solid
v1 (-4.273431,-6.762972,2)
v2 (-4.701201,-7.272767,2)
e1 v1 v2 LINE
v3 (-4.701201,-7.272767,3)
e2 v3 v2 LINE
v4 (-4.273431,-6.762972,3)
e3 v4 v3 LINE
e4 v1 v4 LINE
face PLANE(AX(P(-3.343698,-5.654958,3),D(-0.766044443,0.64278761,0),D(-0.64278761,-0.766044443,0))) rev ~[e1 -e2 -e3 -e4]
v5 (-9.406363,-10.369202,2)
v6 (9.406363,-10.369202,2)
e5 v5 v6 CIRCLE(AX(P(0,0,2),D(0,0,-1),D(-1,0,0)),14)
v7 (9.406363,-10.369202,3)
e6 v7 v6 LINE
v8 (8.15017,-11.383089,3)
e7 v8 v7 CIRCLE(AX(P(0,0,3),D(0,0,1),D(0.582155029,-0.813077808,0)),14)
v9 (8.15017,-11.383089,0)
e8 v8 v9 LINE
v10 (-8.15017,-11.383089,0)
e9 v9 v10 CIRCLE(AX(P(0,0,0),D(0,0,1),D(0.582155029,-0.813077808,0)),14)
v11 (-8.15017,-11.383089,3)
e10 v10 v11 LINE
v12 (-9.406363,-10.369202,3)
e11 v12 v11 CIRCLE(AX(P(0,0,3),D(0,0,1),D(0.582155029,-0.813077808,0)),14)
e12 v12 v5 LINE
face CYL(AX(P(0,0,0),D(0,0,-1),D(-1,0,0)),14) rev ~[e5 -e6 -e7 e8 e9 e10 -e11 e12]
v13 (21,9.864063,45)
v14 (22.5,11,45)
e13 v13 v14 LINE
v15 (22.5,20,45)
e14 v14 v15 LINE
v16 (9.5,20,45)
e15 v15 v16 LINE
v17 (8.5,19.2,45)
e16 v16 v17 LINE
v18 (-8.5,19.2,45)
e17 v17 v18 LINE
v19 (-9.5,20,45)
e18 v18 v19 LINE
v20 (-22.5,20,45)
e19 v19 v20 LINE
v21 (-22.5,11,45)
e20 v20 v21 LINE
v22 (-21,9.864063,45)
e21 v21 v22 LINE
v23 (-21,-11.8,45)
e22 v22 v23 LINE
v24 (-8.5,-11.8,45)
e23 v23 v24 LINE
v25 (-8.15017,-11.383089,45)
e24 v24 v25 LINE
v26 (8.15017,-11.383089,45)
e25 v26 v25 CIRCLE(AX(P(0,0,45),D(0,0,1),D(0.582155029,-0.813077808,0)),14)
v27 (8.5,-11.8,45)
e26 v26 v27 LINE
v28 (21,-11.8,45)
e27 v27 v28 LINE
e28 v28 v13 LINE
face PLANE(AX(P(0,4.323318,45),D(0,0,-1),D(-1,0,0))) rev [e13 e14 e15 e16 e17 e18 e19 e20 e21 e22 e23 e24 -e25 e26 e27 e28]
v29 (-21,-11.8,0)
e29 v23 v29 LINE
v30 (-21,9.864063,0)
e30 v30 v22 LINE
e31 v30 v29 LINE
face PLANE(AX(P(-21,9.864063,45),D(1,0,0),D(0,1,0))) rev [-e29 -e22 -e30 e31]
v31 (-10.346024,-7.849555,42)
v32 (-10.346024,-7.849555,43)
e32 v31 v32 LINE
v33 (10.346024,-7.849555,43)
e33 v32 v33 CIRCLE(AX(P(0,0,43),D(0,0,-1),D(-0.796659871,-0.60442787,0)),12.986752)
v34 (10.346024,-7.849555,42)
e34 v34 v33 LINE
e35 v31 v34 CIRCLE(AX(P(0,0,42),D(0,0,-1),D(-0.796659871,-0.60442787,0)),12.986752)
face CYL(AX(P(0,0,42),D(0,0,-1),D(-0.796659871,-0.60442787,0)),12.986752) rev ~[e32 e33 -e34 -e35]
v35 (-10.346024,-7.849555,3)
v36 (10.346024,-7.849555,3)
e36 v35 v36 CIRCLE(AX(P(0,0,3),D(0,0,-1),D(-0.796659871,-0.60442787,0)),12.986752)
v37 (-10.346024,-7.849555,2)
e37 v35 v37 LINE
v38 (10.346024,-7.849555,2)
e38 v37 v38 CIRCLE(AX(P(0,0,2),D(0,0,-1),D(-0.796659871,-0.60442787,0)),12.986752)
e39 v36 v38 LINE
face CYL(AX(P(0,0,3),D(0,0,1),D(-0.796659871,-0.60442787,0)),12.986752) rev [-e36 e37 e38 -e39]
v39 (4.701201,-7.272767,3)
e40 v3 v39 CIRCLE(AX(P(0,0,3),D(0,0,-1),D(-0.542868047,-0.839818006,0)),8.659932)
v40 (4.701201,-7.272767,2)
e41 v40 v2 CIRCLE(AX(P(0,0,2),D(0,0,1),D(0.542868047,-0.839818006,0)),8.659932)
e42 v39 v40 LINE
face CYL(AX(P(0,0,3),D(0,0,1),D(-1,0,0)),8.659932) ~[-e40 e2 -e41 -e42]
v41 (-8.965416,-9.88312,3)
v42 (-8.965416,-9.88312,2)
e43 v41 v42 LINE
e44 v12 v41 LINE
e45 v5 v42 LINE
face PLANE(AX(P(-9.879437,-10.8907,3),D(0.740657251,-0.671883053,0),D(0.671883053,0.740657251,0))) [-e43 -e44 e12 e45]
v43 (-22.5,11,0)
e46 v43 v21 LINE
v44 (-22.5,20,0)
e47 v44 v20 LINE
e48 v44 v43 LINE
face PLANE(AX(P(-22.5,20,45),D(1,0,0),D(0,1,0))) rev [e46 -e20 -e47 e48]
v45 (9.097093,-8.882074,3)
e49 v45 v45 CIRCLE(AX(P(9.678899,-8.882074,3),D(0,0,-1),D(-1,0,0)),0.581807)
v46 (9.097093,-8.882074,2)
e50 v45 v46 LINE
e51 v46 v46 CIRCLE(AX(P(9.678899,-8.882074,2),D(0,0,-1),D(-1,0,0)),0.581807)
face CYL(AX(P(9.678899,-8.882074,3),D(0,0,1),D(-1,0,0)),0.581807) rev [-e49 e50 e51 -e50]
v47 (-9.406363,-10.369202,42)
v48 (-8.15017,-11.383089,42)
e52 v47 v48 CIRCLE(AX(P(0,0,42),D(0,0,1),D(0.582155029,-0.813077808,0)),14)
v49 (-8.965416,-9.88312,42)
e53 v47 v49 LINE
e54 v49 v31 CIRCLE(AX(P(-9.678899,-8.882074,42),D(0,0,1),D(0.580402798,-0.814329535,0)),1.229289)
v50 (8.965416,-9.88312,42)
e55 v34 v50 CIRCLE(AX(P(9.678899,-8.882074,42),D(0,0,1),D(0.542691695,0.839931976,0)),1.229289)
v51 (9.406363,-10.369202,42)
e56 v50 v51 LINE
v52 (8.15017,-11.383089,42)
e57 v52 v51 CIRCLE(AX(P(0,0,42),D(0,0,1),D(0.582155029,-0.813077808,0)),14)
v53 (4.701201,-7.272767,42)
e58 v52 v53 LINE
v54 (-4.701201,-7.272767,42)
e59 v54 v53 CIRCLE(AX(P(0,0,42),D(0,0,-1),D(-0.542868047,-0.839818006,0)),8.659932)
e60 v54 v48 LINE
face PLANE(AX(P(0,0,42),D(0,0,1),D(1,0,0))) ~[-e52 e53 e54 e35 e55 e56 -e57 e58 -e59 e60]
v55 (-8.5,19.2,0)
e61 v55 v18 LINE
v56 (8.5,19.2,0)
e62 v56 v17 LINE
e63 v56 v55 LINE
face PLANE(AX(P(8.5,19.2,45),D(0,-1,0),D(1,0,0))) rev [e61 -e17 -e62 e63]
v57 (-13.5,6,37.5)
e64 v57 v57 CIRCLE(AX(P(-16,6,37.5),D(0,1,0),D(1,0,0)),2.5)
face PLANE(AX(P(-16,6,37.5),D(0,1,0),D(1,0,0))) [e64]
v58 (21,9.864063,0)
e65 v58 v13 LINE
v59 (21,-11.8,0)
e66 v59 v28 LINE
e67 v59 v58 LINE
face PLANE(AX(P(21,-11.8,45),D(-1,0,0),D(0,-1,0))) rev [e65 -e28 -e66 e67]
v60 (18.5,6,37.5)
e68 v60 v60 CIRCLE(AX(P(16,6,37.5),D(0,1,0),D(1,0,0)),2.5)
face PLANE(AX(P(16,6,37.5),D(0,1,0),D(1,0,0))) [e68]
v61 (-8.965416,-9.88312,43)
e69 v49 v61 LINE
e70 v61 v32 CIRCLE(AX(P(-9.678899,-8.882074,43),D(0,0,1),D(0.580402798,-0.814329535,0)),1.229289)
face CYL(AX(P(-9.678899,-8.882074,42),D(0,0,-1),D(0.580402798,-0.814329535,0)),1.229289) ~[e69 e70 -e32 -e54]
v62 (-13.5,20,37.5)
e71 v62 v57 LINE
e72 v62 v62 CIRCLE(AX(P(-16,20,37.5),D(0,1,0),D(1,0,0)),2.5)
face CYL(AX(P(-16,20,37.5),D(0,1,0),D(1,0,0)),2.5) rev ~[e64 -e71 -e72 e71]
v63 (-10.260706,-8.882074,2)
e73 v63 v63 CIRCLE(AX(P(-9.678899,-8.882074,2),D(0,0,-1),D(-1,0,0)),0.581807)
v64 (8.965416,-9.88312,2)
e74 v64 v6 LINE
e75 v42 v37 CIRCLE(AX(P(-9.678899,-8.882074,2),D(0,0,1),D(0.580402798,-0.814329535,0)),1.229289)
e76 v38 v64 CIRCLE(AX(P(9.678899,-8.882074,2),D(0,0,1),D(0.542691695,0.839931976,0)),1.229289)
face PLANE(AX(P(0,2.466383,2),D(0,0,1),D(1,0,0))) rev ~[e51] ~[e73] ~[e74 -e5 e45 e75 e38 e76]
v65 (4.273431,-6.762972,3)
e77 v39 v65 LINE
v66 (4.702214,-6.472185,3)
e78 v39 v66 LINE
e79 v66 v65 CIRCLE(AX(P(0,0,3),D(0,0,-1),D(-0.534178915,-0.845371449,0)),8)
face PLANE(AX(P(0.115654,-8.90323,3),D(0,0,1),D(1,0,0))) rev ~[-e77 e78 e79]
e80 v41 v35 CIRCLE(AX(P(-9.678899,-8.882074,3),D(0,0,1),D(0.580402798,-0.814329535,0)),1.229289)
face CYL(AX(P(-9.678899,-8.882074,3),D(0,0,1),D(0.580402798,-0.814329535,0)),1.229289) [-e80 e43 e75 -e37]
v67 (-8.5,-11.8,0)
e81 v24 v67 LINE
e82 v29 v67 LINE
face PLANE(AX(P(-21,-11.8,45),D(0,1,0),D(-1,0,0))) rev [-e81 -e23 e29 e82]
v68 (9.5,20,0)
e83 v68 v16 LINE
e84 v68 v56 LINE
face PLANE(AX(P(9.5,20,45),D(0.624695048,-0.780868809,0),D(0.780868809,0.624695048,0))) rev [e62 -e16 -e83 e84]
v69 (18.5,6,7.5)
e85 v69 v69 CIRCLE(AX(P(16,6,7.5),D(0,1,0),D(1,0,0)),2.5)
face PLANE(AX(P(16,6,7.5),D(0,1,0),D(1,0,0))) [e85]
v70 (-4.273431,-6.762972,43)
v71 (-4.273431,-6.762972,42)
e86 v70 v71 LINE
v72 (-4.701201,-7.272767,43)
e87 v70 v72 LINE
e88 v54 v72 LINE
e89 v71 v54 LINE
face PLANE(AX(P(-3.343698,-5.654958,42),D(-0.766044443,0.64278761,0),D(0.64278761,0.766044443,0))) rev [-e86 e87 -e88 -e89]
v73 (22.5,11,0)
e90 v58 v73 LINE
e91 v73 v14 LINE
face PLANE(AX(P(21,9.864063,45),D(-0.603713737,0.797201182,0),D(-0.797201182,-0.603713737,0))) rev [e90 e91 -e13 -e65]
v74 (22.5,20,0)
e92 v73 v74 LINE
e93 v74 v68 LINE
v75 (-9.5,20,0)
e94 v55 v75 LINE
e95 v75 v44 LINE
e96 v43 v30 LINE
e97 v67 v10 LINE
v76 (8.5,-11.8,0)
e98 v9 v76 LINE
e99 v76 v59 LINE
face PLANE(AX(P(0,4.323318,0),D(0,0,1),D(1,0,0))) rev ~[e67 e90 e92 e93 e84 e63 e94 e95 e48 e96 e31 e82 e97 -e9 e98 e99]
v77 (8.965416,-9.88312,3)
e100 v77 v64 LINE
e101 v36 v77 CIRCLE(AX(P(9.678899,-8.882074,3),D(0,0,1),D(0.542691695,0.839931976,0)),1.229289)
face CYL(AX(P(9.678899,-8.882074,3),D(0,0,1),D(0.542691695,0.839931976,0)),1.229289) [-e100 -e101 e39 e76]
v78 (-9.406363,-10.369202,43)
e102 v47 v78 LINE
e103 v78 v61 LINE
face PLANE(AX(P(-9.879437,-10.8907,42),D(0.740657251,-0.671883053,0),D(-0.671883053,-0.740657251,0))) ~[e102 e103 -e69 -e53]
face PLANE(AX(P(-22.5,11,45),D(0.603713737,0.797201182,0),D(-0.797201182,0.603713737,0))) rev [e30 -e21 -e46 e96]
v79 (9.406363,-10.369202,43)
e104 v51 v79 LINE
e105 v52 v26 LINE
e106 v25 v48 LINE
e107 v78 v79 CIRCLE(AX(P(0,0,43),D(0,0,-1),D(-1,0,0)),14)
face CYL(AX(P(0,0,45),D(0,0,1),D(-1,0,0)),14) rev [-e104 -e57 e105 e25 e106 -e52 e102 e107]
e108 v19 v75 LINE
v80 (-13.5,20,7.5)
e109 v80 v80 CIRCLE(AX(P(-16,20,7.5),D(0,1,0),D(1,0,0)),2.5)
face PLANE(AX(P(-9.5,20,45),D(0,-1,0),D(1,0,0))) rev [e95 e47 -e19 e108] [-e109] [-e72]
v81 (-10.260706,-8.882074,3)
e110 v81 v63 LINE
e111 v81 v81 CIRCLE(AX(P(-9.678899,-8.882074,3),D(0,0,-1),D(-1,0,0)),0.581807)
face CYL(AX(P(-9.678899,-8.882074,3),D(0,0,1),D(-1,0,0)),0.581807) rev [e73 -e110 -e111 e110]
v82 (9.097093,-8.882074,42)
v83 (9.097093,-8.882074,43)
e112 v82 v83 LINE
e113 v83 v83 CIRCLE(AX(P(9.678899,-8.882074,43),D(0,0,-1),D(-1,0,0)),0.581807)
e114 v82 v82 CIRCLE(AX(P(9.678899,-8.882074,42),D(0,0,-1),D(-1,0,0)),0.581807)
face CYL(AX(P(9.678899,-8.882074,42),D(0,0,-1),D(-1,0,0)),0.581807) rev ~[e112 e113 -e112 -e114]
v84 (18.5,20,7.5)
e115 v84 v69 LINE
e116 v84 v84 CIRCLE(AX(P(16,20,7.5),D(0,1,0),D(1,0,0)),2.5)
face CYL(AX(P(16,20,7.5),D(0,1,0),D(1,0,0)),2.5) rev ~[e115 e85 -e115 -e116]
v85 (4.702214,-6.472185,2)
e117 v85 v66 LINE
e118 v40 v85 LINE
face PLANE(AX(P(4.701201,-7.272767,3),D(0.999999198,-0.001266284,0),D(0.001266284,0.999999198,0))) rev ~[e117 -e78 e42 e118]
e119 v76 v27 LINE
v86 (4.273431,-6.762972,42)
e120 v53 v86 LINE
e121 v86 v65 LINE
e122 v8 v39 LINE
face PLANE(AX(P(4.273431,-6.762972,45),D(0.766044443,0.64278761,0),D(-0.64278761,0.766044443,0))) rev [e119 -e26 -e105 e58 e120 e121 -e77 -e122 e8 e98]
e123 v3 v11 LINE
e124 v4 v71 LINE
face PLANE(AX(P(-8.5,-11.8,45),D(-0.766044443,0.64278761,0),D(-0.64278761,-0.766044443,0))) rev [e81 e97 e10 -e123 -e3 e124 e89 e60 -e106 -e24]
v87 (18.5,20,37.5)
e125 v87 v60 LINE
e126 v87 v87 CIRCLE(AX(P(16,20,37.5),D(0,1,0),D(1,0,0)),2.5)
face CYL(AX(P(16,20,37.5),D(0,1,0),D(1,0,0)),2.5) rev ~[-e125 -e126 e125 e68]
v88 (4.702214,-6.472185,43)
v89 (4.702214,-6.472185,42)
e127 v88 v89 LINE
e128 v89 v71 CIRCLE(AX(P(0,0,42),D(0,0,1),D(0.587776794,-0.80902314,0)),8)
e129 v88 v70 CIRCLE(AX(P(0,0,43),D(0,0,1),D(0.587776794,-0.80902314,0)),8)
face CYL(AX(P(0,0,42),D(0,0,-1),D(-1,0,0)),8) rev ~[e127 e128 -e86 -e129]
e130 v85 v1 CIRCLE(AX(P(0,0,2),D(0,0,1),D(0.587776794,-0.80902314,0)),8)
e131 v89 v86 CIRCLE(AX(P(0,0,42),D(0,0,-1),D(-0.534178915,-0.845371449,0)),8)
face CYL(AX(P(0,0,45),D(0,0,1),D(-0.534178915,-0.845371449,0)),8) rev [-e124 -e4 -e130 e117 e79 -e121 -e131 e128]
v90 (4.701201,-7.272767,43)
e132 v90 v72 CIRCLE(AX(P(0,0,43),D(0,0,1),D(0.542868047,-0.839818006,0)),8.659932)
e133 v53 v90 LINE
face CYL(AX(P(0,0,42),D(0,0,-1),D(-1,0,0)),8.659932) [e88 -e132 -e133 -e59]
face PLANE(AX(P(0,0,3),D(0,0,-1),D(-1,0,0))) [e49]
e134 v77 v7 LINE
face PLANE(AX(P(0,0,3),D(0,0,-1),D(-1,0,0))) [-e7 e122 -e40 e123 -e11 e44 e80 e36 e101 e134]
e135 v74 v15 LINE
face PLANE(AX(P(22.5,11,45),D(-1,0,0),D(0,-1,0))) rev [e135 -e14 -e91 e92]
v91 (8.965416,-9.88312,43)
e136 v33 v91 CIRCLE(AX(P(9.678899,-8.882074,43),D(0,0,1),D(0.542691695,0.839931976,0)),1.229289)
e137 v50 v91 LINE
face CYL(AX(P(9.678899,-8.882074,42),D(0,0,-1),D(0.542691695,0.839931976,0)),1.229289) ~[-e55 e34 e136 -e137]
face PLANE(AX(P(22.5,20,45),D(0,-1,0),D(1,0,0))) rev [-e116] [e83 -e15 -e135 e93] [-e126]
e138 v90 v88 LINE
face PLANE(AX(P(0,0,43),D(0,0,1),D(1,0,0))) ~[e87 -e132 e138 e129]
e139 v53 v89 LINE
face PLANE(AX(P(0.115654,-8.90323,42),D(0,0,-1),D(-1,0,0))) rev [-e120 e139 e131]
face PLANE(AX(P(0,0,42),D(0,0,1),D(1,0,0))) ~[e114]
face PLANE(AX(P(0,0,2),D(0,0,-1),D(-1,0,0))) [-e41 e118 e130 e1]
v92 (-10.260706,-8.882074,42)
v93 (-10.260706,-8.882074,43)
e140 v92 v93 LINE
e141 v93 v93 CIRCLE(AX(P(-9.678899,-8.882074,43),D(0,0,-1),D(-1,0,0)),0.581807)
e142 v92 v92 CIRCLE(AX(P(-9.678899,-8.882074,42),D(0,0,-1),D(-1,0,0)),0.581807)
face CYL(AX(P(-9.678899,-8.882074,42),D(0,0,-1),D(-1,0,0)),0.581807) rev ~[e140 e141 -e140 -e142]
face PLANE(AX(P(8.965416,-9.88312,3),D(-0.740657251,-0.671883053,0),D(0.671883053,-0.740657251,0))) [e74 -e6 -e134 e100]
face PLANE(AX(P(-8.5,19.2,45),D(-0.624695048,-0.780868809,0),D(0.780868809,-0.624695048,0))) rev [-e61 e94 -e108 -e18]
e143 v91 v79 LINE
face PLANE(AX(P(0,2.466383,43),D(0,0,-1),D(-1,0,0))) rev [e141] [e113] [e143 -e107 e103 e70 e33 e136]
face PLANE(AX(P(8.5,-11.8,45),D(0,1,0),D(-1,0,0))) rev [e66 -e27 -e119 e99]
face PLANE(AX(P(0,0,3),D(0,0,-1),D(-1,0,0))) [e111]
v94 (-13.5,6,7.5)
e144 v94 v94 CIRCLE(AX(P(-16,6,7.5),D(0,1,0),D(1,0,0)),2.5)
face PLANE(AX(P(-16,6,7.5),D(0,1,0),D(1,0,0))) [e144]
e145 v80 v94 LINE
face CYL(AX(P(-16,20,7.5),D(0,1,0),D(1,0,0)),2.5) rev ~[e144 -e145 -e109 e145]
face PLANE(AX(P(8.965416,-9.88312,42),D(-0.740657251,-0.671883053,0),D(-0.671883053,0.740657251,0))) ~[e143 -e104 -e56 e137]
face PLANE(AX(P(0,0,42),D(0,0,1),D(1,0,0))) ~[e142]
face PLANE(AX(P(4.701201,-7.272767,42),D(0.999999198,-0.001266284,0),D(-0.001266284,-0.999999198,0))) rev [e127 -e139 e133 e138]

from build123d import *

# Parameters (mm, degrees)
RESSALTO_EXTRUS_O1_DEPTH = 45
ESBO_O3_R                = 14
CORTE_EXTRUS_O2_DEPTH    = 3
ESBO_O4_R                = 8.659932388
ESBO_O4_R_2              = 8
RESSALTO_EXTRUS_O2_DEPTH = 1
CORTE_EXTRUS_O3_DEPTH    = 1
ESBO_O6_R                = 0.581806569
RESSALTO_EXTRUS_O3_DEPTH = 1
ESBO_O8_W                = 66.682798833
ESBO_O8_H                = 46.433556561
CORTE_EXTRUS_O5_DEPTH    = 23.5
ESBO_O9_R                = 2.5
CORTE_EXTRUS_O6_DEPTH    = 14


with BuildPart() as part:
    # Esboço1 → Ressalto-extrusão1 (new body)
    with BuildSketch(Plane.XY):
        with BuildLine():
            Line((-22.5, 20), (-22.5, 11))
            Line((-22.5, 11), (-21, 9.864062641))
            Line((-21, 9.864062641), (-21, -11.8))
            Line((-21, -11.8), (-8.5, -11.8))
            Line((-8.5, -11.8), (-4.27343132, -6.762971592))
            ThreePointArc((-4.27343132, -6.762971592), (0, 8), (4.27343132, -6.762971592))
            Line((4.27343132, -6.762971592), (8.5, -11.8))
            Line((8.5, -11.8), (21, -11.8))
            Line((21, -11.8), (21, 9.864062641))
            Line((21, 9.864062641), (22.5, 11))
            Line((22.5, 11), (22.5, 20))
            Line((22.5, 20), (9.5, 20))
            Line((9.5, 20), (8.5, 19.2))
            Line((8.5, 19.2), (-8.5, 19.2))
            Line((-8.5, 19.2), (-9.5, 20))
            Line((-9.5, 20), (-22.5, 20))
        make_face()
    extrude(amount=RESSALTO_EXTRUS_O1_DEPTH)

    # Esboço3 → Corte-extrusão2 (cut)
    with BuildSketch(Plane(origin=(0, 0, 0), x_dir=(-1, 0, 0), z_dir=(0, 0, -1))):
        Circle(ESBO_O3_R)
    extrude(amount=-CORTE_EXTRUS_O2_DEPTH, mode=Mode.SUBTRACT)

    # Esboço4 → Ressalto-extrusão2 (add)
    with BuildSketch(Plane(origin=(0, 0, 3), x_dir=(-1, 0, 0), z_dir=(0, 0, -1))):
        Circle(ESBO_O4_R)
        Circle(ESBO_O4_R_2, mode=Mode.SUBTRACT)
    extrude(amount=RESSALTO_EXTRUS_O2_DEPTH)

    # Esboço5 → Corte-extrusão3 (cut)
    with BuildSketch(Plane(origin=(0, 0, 3), x_dir=(-1, 0, 0), z_dir=(0, 0, -1))):
        Polygon((-8.150170401, -11.383089319), (-4.701200585, -7.27276715), (-4.703249192, -5.654958468), (3.343697917, -5.654958468), (4.701200585, -7.27276715), (8.150170401, -11.383089319), (0.388307104, -10.144815057), align=None)
    extrude(amount=CORTE_EXTRUS_O3_DEPTH, mode=Mode.SUBTRACT)

    # Esboço6 → Ressalto-extrusão3 (add)
    with BuildSketch(Plane(origin=(0, 0, 3), x_dir=(-1, 0, 0), z_dir=(0, 0, -1))):
        with BuildLine():
            Line((-8.96541648, -9.883119832), (-9.879437481, -10.890700362))
            ThreePointArc((-9.879437481, -10.890700362), (0, 14.704102805), (9.879437481, -10.890700362))
            Line((9.879437481, -10.890700362), (8.96541648, -9.883119832))
            ThreePointArc((8.96541648, -9.883119832), (8.661852403, -8.191590578), (10.346023957, -7.849554692))
            ThreePointArc((10.346023957, -7.849554692), (0, 12.986751733), (-10.346023957, -7.849554692))
            ThreePointArc((-10.346023957, -7.849554692), (-8.661852403, -8.191590578), (-8.96541648, -9.883119832))
        make_face()
        with Locations((-9.678899136, -8.882073659)):
            Circle(ESBO_O6_R, mode=Mode.SUBTRACT)
        with Locations((9.678899136, -8.882073659)):
            Circle(ESBO_O6_R, mode=Mode.SUBTRACT)
    extrude(amount=RESSALTO_EXTRUS_O3_DEPTH)

    # Esboço8 → Corte-extrusão5 (cut, through all)
    with BuildSketch(Plane.XY.offset(22.5)):
        with Locations((0.496680915, 3.185740871)):
            Rectangle(ESBO_O8_W, ESBO_O8_H)
    extrude(amount=CORTE_EXTRUS_O5_DEPTH, mode=Mode.SUBTRACT)

    # Espelhar14: part across plane


with BuildPart() as part_1:
    add(part.part)
    add(part.part.mirror(Plane.XY.offset(22.5)))

    # Esboço9 → Corte-extrusão6 (cut)
    with BuildSketch(Plane(origin=(0, 20, 0), x_dir=(1, 0, 0), z_dir=(0, 1, 0))):
        with Locations((-16, -7.5)):
            Circle(ESBO_O9_R)
        with Locations((16, -7.5)):
            Circle(ESBO_O9_R)
        with Locations((16, -37.5)):
            Circle(ESBO_O9_R)
        with Locations((-16, -37.5)):
            Circle(ESBO_O9_R)
    extrude(amount=-CORTE_EXTRUS_O6_DEPTH, mode=Mode.SUBTRACT)


solid = part_1.part
